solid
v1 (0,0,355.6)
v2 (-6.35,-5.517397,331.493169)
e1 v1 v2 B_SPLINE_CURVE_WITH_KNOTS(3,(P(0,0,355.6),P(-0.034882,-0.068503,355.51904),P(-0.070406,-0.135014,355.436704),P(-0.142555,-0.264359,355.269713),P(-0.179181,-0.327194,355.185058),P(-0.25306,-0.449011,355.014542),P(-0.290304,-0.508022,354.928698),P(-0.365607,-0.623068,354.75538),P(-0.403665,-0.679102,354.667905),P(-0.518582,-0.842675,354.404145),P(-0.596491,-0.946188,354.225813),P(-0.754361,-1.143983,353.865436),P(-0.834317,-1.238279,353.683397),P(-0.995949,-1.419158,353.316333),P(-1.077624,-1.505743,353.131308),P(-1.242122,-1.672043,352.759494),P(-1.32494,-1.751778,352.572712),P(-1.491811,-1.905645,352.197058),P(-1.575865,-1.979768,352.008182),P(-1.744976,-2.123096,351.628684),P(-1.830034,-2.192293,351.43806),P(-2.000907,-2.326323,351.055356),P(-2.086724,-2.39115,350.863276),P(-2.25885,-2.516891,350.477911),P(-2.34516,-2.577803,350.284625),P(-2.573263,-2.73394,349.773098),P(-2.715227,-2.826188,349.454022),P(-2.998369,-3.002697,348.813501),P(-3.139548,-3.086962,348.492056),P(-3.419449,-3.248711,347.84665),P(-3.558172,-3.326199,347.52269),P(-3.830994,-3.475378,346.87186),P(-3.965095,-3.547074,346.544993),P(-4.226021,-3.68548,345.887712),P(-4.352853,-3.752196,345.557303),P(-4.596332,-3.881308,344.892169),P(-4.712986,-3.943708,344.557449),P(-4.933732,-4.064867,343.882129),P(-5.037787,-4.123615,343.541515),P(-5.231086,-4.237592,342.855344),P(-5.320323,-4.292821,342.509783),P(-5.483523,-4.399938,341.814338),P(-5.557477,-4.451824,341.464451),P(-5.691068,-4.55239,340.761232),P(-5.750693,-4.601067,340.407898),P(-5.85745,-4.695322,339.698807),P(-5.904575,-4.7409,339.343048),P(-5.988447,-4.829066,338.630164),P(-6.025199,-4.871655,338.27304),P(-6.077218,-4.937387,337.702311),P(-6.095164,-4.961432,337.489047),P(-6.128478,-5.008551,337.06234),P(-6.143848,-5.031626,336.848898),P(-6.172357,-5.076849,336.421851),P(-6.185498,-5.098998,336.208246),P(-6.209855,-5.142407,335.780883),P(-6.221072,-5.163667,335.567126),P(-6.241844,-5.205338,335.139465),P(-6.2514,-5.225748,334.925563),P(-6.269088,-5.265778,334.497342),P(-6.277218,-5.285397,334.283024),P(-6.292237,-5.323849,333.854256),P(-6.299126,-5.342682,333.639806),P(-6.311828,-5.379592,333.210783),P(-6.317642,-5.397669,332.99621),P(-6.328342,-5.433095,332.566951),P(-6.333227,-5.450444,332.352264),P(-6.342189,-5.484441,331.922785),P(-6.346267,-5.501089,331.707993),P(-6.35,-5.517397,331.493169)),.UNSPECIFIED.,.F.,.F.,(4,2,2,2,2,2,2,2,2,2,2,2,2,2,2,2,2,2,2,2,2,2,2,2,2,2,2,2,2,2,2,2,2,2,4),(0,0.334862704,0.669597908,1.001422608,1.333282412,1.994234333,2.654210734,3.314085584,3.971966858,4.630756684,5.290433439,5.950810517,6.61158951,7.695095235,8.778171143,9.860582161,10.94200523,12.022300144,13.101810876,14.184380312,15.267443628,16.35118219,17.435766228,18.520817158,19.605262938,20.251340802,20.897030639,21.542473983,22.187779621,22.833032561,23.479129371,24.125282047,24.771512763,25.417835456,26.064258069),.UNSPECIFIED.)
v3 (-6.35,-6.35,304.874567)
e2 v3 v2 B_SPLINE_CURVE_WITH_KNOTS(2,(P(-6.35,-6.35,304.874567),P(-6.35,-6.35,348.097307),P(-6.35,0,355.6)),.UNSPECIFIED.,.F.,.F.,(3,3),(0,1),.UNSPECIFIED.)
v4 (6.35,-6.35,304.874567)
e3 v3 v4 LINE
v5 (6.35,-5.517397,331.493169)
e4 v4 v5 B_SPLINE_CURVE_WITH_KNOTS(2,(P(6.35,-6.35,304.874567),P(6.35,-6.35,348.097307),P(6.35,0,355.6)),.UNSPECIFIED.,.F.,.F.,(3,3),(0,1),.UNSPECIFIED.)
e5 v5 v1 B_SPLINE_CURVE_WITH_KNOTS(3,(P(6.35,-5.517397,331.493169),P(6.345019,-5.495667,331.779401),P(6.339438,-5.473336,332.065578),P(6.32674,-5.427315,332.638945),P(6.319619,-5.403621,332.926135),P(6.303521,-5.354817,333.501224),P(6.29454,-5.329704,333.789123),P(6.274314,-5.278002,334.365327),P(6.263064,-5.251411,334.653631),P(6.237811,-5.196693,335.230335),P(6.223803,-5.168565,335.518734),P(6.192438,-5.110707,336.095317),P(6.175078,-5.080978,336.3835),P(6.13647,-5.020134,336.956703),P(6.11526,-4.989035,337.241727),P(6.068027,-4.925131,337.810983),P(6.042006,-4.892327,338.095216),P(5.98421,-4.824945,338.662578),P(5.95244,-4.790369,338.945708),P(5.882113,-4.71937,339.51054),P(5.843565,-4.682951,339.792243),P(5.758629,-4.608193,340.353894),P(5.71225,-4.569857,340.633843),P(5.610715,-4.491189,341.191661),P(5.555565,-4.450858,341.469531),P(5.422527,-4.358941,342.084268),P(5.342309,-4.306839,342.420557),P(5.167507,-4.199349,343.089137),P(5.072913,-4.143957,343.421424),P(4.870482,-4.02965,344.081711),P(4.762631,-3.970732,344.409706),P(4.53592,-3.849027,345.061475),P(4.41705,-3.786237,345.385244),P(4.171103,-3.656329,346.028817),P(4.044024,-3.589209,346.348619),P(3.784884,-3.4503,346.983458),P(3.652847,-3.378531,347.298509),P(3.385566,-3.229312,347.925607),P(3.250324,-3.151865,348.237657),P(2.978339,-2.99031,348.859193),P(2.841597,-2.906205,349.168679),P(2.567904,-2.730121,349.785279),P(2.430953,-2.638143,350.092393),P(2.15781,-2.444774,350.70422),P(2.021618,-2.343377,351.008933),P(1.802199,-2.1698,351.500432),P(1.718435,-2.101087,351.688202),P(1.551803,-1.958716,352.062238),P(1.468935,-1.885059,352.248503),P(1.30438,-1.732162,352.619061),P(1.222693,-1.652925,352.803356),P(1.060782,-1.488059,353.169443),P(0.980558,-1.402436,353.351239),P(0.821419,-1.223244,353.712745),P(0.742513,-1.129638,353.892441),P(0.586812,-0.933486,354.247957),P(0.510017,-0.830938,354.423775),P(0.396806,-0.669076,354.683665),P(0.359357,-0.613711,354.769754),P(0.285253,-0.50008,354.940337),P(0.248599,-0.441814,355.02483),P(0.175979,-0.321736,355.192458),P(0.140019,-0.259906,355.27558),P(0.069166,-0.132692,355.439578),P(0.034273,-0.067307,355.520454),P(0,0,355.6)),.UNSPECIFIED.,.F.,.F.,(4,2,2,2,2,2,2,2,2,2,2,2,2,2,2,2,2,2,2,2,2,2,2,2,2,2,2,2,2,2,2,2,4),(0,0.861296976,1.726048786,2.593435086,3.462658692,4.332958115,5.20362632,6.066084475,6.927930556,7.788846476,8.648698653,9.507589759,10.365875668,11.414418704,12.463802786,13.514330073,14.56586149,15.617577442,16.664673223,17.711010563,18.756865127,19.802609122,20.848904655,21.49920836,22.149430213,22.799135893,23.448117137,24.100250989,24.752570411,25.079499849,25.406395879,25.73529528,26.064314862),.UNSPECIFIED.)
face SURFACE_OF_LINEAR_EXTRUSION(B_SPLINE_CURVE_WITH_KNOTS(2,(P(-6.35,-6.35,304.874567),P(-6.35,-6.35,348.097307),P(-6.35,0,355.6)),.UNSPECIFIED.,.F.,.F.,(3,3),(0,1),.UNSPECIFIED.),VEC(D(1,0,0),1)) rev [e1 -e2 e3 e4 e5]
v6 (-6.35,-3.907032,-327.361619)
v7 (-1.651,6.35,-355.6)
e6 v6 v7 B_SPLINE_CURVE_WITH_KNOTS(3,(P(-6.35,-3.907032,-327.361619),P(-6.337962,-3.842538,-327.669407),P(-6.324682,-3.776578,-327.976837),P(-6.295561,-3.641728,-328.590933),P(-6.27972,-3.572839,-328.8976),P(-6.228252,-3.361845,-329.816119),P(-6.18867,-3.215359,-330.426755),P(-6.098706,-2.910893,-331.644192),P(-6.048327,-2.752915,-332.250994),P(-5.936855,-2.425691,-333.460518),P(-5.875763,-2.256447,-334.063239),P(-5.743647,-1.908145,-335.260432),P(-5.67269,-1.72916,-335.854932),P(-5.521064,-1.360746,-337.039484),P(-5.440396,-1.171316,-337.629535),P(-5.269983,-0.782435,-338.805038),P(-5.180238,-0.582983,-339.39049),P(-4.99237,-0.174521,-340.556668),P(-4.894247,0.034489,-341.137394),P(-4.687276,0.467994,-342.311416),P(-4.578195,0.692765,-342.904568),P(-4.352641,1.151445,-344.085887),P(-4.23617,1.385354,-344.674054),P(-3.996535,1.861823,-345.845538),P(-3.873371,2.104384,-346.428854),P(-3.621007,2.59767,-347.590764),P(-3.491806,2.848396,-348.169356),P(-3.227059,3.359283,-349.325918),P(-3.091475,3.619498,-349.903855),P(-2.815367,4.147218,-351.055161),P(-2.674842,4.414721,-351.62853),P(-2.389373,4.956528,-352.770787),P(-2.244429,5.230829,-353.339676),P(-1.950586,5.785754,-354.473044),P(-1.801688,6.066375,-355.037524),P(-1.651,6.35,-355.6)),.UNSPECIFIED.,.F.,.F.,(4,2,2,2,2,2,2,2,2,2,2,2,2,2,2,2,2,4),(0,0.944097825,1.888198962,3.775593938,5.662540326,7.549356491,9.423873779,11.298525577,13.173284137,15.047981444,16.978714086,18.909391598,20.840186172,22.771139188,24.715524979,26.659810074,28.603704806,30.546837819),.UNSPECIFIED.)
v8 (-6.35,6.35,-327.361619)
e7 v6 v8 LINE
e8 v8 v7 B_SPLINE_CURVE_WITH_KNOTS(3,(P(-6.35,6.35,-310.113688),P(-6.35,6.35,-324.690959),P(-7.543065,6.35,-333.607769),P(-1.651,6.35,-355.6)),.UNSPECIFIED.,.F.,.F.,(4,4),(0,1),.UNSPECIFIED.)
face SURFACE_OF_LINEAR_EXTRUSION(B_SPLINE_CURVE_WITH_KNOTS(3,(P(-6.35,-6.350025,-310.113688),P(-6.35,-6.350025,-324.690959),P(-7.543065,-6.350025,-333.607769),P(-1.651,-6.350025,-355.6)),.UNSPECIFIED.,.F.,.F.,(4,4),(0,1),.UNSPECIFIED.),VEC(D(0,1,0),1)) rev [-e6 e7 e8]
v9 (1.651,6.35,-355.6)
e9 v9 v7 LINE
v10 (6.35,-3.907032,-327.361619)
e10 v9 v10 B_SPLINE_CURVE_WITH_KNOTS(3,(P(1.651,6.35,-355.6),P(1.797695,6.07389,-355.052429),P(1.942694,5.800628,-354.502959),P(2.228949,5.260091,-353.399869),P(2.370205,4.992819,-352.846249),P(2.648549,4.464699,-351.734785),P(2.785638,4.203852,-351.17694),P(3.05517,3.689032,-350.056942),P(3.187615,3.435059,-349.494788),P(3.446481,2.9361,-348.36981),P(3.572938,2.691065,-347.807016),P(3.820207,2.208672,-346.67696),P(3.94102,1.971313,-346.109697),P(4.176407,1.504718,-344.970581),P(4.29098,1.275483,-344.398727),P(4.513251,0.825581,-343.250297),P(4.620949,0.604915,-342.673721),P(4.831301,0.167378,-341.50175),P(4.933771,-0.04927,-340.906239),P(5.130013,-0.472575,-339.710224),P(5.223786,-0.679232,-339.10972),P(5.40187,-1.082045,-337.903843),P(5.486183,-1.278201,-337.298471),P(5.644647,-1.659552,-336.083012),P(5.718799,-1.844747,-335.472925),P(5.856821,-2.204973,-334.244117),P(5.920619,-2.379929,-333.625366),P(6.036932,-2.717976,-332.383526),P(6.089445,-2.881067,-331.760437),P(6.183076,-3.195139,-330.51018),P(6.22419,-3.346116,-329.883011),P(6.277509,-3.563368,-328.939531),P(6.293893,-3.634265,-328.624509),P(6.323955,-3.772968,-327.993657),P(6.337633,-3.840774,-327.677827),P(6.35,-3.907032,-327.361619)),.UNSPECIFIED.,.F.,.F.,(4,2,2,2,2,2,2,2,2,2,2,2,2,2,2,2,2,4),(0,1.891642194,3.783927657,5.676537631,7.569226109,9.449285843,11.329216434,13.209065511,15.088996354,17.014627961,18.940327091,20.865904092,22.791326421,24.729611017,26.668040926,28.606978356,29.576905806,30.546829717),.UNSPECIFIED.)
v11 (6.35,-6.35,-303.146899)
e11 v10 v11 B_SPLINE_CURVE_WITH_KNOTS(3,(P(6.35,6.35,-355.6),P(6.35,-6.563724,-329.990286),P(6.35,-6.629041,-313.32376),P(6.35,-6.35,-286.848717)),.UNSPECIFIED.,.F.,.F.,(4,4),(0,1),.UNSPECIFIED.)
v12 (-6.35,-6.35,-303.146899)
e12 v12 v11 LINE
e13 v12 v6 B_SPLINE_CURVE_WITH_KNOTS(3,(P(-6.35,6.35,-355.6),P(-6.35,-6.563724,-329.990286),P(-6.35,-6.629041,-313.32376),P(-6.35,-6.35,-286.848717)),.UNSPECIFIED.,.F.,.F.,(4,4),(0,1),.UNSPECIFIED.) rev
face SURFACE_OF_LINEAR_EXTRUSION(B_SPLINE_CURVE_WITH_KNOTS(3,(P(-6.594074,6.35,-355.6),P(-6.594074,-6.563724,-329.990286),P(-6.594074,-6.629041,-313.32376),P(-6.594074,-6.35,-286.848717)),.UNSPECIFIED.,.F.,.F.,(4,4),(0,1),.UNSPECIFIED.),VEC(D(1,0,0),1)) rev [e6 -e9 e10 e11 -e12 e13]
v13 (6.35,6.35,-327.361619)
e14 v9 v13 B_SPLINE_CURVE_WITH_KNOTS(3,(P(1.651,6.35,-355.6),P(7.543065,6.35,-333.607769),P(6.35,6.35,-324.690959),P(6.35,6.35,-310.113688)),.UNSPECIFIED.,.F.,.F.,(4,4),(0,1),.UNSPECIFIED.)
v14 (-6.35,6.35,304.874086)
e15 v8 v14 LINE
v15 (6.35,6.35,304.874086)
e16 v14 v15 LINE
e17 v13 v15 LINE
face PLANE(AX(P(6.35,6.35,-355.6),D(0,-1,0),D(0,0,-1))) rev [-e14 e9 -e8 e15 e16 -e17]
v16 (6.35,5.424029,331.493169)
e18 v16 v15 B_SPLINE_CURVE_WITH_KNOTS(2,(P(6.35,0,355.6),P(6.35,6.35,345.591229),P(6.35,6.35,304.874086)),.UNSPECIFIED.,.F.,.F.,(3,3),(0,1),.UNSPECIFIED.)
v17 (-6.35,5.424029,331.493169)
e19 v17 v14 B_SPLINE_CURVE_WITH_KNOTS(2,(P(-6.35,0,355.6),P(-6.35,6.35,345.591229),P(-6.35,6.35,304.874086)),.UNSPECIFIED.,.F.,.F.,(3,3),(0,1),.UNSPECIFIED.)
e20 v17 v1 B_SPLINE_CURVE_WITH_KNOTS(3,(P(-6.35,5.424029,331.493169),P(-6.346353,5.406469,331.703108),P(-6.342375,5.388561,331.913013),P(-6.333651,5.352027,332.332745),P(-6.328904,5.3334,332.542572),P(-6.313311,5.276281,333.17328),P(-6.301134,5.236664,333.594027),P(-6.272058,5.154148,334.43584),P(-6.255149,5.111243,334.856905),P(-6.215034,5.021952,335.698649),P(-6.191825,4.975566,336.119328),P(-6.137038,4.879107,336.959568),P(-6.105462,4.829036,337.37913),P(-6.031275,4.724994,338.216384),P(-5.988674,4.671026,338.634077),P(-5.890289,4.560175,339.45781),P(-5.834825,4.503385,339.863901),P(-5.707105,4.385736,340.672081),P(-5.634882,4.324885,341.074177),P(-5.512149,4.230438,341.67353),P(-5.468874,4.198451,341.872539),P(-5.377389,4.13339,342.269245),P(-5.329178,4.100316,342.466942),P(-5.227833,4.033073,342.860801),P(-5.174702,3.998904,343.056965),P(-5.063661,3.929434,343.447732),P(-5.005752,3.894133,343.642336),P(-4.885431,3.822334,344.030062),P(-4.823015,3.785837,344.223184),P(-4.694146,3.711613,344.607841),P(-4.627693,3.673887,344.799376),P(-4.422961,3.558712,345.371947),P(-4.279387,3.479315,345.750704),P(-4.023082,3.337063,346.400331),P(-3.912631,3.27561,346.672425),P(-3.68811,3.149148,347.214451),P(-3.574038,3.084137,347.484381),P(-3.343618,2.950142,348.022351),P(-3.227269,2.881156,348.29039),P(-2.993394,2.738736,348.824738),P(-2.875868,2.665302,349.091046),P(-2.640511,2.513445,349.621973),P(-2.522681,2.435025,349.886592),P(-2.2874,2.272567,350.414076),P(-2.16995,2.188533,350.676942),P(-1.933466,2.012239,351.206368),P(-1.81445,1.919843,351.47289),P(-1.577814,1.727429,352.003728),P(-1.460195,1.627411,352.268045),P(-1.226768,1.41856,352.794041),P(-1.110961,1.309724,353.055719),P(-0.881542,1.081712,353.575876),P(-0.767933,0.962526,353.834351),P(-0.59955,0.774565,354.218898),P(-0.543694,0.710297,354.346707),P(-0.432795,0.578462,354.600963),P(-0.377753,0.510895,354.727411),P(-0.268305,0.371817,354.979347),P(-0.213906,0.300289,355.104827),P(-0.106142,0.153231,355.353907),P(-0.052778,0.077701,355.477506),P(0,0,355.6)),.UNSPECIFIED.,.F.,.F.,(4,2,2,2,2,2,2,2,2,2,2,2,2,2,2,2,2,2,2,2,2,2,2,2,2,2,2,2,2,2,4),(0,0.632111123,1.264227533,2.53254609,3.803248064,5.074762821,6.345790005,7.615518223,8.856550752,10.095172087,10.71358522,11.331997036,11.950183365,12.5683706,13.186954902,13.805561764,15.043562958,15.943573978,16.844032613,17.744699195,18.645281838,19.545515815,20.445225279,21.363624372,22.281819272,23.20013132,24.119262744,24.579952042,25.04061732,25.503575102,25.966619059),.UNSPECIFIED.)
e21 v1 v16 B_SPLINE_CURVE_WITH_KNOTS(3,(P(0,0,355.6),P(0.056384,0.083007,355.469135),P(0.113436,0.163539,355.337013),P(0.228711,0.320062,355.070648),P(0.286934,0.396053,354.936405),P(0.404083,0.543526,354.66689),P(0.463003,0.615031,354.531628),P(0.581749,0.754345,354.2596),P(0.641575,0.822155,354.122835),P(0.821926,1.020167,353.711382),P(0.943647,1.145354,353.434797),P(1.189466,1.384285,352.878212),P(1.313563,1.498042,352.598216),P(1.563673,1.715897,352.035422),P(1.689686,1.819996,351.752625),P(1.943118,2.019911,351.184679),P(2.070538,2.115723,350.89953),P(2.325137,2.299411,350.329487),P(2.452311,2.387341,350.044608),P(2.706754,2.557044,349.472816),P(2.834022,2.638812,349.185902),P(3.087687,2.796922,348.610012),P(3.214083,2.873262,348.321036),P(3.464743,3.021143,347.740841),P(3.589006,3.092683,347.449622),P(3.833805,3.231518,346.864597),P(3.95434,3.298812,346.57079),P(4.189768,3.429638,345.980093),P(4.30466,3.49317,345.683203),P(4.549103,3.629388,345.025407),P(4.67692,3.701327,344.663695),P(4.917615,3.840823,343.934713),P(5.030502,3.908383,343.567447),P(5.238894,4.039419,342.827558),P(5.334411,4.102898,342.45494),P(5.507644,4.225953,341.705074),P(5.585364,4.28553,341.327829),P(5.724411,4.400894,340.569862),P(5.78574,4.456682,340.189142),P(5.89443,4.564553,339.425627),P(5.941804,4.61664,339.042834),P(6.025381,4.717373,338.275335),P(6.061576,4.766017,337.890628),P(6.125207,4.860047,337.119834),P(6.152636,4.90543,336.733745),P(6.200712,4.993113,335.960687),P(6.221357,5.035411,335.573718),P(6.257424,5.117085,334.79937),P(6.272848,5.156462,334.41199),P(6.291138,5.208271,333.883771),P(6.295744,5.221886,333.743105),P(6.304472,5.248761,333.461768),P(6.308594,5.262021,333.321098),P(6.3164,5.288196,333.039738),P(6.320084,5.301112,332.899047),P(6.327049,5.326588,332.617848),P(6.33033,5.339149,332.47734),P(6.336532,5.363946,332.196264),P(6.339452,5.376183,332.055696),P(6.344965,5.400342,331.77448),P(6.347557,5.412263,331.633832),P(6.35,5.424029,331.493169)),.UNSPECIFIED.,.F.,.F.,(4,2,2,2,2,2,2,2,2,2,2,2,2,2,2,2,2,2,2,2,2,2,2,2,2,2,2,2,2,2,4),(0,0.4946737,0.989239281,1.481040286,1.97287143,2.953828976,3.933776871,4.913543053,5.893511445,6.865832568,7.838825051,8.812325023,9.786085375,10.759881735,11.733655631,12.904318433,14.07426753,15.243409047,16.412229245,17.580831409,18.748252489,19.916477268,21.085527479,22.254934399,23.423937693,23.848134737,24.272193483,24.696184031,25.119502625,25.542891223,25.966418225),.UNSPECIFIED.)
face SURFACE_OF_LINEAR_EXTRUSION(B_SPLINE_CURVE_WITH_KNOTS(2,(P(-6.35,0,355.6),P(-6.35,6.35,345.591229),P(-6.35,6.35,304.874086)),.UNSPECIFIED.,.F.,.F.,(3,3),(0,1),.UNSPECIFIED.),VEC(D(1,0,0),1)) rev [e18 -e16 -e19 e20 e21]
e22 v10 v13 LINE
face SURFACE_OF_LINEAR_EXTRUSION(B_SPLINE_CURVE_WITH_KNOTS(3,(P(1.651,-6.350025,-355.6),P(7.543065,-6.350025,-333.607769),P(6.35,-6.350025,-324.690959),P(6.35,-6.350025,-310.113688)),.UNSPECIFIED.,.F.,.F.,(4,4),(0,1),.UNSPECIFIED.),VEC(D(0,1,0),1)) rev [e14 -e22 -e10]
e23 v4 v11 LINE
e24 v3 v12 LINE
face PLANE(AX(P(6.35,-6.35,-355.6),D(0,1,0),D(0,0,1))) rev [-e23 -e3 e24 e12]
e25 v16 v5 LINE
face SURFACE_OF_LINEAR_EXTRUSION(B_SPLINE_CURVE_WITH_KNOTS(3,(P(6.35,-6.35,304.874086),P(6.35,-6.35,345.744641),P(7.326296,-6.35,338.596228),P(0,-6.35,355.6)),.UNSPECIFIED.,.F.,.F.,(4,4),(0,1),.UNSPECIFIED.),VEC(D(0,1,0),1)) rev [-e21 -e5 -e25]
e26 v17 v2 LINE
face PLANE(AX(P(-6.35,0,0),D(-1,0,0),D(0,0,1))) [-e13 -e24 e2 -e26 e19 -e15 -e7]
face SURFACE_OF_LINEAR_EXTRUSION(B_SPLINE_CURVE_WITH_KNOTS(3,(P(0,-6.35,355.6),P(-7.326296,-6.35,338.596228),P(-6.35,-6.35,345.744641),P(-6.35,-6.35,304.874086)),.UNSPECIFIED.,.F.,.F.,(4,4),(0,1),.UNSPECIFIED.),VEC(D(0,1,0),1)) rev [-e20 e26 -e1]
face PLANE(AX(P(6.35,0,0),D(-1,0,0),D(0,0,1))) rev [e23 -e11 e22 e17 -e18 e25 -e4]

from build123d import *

# Parameters (mm, degrees)
SKETCH2_W           = 711.2
SKETCH2_H           = 12.7
BOSS_EXTRUDE2_DEPTH = 6.35
CUT_EXTRUDE1_DEPTH  = 13.7
CUT_EXTRUDE2_DEPTH  = 13.7000001
CUT_EXTRUDE3_DEPTH  = 13.7000001
CUT_EXTRUDE4_DEPTH  = 13.7000001


with BuildPart() as part:
    # Sketch2 → Boss-Extrude2 (new body, symmetric)
    with BuildSketch(Plane(origin=(0, 0, 0), x_dir=(0, 0, -1), z_dir=(1, 0, 0))):
        Rectangle(SKETCH2_W, SKETCH2_H)
    extrude(amount=BOSS_EXTRUDE2_DEPTH, both=True)

    # Sketch4 → Cut-Extrude1 (cut, through all)
    with BuildSketch(Plane(origin=(6.35, 0, 0), x_dir=(0, 0, -1), z_dir=(1, 0, 0))):
        with BuildLine():
            Line((-304.87408605, 6.35), (-304.87408605, 13.865538478))
            Line((-304.87408605, 13.865538478), (-363.512264419, 13.865538478))
            Line((-363.512264419, 13.865538478), (-363.512264419, -12.328277535))
            Line((-363.512264419, -12.328277535), (-304.874567486, -12.328277535))
            Line((-304.874567486, -12.328277535), (-304.874567486, -6.35))
            add(Edge.make_bspline(
                [(-355.6, 0), (-348.097307304, -6.35), (-304.874567486, -6.35)],
                knots=[0, 0, 0, 1, 1, 1], degree=2))
            add(Edge.make_bspline(
                [(-355.6, 0), (-345.591229217, 6.35), (-304.87408605, 6.35)],
                knots=[0, 0, 0, 1, 1, 1], degree=2))
        make_face()
    extrude(amount=-CUT_EXTRUDE1_DEPTH, mode=Mode.SUBTRACT)

    # Sketch5 → Cut-Extrude2 (cut, through all)
    with BuildSketch(Plane(origin=(0, 6.35, 0), x_dir=(1, 0, 0), z_dir=(0, 1, 0))):
        with BuildLine():
            Line((-6.35, -304.87408605), (-23.988893808, -304.87408605))
            Line((-23.988893808, -304.87408605), (-23.988893808, -362.653977565))
            Line((-23.988893808, -362.653977565), (16.903963191, -362.653977565))
            Line((16.903963191, -362.653977565), (16.903963191, -304.87408605))
            Line((16.903963191, -304.87408605), (6.35, -304.87408605))
            add(Edge.make_bspline(
                [(6.35, -304.87408605), (6.35, -345.744640536), (7.326296323, -338.596228196), (0, -355.6)],
                knots=[0, 0, 0, 0, 1, 1, 1, 1], degree=3))
            add(Edge.make_bspline(
                [(-6.35, -304.87408605), (-6.35, -345.744640536), (-7.326296323, -338.596228196), (0, -355.6)],
                knots=[0, 0, 0, 0, 1, 1, 1, 1], degree=3))
        make_face()
    extrude(amount=-CUT_EXTRUDE2_DEPTH, mode=Mode.SUBTRACT)

    # Sketch6 → Cut-Extrude3 (cut, through all)
    with BuildSketch(Plane(origin=(6.35, 0, 0), x_dir=(0, 0, -1), z_dir=(1, 0, 0))):
        with BuildLine():
            Line((286.848717456, -6.35), (286.848717456, -20.474403892))
            Line((286.848717456, -20.474403892), (367.422975775, -20.474403892))
            Line((367.422975775, -20.474403892), (367.422975775, 6.35))
            Line((367.422975775, 6.35), (355.6, 6.35))
            add(Edge.make_bspline(
                [(355.6, 6.35), (329.990285951, -6.563724339), (313.323760361, -6.629041346), (286.848717456, -6.35)],
                knots=[0, 0, 0, 0, 1, 1, 1, 1], degree=3))
        make_face()
    extrude(amount=-CUT_EXTRUDE3_DEPTH, mode=Mode.SUBTRACT)

    # Sketch7 → Cut-Extrude4 (cut, through all)
    with BuildSketch(Plane(origin=(0, 6.35, 0), x_dir=(1, 0, 0), z_dir=(0, 1, 0))):
        with BuildLine():
            Line((1.651, 355.6), (-1.651, 355.6))
            add(Edge.make_bspline(
                [(-1.651, 355.6), (-7.543065091, 333.607768993), (-6.35, 324.690959151), (-6.35, 310.113688271)],
                knots=[0, 0, 0, 0, 1, 1, 1, 1], degree=3))
            Line((-6.35, 310.113688271), (-23.620546209, 310.113688271))
            Line((-23.620546209, 310.113688271), (-23.620546209, 363.551883896))
            Line((-23.620546209, 363.551883896), (18.925820136, 363.551883896))
            Line((18.925820136, 363.551883896), (18.925820136, 310.113688271))
            Line((18.925820136, 310.113688271), (6.35, 310.113688271))
            add(Edge.make_bspline(
                [(1.651, 355.6), (7.543065091, 333.607768993), (6.35, 324.690959151), (6.35, 310.113688271)],
                knots=[0, 0, 0, 0, 1, 1, 1, 1], degree=3))
        make_face()
    extrude(amount=-CUT_EXTRUDE4_DEPTH, mode=Mode.SUBTRACT)


solid = part.part
